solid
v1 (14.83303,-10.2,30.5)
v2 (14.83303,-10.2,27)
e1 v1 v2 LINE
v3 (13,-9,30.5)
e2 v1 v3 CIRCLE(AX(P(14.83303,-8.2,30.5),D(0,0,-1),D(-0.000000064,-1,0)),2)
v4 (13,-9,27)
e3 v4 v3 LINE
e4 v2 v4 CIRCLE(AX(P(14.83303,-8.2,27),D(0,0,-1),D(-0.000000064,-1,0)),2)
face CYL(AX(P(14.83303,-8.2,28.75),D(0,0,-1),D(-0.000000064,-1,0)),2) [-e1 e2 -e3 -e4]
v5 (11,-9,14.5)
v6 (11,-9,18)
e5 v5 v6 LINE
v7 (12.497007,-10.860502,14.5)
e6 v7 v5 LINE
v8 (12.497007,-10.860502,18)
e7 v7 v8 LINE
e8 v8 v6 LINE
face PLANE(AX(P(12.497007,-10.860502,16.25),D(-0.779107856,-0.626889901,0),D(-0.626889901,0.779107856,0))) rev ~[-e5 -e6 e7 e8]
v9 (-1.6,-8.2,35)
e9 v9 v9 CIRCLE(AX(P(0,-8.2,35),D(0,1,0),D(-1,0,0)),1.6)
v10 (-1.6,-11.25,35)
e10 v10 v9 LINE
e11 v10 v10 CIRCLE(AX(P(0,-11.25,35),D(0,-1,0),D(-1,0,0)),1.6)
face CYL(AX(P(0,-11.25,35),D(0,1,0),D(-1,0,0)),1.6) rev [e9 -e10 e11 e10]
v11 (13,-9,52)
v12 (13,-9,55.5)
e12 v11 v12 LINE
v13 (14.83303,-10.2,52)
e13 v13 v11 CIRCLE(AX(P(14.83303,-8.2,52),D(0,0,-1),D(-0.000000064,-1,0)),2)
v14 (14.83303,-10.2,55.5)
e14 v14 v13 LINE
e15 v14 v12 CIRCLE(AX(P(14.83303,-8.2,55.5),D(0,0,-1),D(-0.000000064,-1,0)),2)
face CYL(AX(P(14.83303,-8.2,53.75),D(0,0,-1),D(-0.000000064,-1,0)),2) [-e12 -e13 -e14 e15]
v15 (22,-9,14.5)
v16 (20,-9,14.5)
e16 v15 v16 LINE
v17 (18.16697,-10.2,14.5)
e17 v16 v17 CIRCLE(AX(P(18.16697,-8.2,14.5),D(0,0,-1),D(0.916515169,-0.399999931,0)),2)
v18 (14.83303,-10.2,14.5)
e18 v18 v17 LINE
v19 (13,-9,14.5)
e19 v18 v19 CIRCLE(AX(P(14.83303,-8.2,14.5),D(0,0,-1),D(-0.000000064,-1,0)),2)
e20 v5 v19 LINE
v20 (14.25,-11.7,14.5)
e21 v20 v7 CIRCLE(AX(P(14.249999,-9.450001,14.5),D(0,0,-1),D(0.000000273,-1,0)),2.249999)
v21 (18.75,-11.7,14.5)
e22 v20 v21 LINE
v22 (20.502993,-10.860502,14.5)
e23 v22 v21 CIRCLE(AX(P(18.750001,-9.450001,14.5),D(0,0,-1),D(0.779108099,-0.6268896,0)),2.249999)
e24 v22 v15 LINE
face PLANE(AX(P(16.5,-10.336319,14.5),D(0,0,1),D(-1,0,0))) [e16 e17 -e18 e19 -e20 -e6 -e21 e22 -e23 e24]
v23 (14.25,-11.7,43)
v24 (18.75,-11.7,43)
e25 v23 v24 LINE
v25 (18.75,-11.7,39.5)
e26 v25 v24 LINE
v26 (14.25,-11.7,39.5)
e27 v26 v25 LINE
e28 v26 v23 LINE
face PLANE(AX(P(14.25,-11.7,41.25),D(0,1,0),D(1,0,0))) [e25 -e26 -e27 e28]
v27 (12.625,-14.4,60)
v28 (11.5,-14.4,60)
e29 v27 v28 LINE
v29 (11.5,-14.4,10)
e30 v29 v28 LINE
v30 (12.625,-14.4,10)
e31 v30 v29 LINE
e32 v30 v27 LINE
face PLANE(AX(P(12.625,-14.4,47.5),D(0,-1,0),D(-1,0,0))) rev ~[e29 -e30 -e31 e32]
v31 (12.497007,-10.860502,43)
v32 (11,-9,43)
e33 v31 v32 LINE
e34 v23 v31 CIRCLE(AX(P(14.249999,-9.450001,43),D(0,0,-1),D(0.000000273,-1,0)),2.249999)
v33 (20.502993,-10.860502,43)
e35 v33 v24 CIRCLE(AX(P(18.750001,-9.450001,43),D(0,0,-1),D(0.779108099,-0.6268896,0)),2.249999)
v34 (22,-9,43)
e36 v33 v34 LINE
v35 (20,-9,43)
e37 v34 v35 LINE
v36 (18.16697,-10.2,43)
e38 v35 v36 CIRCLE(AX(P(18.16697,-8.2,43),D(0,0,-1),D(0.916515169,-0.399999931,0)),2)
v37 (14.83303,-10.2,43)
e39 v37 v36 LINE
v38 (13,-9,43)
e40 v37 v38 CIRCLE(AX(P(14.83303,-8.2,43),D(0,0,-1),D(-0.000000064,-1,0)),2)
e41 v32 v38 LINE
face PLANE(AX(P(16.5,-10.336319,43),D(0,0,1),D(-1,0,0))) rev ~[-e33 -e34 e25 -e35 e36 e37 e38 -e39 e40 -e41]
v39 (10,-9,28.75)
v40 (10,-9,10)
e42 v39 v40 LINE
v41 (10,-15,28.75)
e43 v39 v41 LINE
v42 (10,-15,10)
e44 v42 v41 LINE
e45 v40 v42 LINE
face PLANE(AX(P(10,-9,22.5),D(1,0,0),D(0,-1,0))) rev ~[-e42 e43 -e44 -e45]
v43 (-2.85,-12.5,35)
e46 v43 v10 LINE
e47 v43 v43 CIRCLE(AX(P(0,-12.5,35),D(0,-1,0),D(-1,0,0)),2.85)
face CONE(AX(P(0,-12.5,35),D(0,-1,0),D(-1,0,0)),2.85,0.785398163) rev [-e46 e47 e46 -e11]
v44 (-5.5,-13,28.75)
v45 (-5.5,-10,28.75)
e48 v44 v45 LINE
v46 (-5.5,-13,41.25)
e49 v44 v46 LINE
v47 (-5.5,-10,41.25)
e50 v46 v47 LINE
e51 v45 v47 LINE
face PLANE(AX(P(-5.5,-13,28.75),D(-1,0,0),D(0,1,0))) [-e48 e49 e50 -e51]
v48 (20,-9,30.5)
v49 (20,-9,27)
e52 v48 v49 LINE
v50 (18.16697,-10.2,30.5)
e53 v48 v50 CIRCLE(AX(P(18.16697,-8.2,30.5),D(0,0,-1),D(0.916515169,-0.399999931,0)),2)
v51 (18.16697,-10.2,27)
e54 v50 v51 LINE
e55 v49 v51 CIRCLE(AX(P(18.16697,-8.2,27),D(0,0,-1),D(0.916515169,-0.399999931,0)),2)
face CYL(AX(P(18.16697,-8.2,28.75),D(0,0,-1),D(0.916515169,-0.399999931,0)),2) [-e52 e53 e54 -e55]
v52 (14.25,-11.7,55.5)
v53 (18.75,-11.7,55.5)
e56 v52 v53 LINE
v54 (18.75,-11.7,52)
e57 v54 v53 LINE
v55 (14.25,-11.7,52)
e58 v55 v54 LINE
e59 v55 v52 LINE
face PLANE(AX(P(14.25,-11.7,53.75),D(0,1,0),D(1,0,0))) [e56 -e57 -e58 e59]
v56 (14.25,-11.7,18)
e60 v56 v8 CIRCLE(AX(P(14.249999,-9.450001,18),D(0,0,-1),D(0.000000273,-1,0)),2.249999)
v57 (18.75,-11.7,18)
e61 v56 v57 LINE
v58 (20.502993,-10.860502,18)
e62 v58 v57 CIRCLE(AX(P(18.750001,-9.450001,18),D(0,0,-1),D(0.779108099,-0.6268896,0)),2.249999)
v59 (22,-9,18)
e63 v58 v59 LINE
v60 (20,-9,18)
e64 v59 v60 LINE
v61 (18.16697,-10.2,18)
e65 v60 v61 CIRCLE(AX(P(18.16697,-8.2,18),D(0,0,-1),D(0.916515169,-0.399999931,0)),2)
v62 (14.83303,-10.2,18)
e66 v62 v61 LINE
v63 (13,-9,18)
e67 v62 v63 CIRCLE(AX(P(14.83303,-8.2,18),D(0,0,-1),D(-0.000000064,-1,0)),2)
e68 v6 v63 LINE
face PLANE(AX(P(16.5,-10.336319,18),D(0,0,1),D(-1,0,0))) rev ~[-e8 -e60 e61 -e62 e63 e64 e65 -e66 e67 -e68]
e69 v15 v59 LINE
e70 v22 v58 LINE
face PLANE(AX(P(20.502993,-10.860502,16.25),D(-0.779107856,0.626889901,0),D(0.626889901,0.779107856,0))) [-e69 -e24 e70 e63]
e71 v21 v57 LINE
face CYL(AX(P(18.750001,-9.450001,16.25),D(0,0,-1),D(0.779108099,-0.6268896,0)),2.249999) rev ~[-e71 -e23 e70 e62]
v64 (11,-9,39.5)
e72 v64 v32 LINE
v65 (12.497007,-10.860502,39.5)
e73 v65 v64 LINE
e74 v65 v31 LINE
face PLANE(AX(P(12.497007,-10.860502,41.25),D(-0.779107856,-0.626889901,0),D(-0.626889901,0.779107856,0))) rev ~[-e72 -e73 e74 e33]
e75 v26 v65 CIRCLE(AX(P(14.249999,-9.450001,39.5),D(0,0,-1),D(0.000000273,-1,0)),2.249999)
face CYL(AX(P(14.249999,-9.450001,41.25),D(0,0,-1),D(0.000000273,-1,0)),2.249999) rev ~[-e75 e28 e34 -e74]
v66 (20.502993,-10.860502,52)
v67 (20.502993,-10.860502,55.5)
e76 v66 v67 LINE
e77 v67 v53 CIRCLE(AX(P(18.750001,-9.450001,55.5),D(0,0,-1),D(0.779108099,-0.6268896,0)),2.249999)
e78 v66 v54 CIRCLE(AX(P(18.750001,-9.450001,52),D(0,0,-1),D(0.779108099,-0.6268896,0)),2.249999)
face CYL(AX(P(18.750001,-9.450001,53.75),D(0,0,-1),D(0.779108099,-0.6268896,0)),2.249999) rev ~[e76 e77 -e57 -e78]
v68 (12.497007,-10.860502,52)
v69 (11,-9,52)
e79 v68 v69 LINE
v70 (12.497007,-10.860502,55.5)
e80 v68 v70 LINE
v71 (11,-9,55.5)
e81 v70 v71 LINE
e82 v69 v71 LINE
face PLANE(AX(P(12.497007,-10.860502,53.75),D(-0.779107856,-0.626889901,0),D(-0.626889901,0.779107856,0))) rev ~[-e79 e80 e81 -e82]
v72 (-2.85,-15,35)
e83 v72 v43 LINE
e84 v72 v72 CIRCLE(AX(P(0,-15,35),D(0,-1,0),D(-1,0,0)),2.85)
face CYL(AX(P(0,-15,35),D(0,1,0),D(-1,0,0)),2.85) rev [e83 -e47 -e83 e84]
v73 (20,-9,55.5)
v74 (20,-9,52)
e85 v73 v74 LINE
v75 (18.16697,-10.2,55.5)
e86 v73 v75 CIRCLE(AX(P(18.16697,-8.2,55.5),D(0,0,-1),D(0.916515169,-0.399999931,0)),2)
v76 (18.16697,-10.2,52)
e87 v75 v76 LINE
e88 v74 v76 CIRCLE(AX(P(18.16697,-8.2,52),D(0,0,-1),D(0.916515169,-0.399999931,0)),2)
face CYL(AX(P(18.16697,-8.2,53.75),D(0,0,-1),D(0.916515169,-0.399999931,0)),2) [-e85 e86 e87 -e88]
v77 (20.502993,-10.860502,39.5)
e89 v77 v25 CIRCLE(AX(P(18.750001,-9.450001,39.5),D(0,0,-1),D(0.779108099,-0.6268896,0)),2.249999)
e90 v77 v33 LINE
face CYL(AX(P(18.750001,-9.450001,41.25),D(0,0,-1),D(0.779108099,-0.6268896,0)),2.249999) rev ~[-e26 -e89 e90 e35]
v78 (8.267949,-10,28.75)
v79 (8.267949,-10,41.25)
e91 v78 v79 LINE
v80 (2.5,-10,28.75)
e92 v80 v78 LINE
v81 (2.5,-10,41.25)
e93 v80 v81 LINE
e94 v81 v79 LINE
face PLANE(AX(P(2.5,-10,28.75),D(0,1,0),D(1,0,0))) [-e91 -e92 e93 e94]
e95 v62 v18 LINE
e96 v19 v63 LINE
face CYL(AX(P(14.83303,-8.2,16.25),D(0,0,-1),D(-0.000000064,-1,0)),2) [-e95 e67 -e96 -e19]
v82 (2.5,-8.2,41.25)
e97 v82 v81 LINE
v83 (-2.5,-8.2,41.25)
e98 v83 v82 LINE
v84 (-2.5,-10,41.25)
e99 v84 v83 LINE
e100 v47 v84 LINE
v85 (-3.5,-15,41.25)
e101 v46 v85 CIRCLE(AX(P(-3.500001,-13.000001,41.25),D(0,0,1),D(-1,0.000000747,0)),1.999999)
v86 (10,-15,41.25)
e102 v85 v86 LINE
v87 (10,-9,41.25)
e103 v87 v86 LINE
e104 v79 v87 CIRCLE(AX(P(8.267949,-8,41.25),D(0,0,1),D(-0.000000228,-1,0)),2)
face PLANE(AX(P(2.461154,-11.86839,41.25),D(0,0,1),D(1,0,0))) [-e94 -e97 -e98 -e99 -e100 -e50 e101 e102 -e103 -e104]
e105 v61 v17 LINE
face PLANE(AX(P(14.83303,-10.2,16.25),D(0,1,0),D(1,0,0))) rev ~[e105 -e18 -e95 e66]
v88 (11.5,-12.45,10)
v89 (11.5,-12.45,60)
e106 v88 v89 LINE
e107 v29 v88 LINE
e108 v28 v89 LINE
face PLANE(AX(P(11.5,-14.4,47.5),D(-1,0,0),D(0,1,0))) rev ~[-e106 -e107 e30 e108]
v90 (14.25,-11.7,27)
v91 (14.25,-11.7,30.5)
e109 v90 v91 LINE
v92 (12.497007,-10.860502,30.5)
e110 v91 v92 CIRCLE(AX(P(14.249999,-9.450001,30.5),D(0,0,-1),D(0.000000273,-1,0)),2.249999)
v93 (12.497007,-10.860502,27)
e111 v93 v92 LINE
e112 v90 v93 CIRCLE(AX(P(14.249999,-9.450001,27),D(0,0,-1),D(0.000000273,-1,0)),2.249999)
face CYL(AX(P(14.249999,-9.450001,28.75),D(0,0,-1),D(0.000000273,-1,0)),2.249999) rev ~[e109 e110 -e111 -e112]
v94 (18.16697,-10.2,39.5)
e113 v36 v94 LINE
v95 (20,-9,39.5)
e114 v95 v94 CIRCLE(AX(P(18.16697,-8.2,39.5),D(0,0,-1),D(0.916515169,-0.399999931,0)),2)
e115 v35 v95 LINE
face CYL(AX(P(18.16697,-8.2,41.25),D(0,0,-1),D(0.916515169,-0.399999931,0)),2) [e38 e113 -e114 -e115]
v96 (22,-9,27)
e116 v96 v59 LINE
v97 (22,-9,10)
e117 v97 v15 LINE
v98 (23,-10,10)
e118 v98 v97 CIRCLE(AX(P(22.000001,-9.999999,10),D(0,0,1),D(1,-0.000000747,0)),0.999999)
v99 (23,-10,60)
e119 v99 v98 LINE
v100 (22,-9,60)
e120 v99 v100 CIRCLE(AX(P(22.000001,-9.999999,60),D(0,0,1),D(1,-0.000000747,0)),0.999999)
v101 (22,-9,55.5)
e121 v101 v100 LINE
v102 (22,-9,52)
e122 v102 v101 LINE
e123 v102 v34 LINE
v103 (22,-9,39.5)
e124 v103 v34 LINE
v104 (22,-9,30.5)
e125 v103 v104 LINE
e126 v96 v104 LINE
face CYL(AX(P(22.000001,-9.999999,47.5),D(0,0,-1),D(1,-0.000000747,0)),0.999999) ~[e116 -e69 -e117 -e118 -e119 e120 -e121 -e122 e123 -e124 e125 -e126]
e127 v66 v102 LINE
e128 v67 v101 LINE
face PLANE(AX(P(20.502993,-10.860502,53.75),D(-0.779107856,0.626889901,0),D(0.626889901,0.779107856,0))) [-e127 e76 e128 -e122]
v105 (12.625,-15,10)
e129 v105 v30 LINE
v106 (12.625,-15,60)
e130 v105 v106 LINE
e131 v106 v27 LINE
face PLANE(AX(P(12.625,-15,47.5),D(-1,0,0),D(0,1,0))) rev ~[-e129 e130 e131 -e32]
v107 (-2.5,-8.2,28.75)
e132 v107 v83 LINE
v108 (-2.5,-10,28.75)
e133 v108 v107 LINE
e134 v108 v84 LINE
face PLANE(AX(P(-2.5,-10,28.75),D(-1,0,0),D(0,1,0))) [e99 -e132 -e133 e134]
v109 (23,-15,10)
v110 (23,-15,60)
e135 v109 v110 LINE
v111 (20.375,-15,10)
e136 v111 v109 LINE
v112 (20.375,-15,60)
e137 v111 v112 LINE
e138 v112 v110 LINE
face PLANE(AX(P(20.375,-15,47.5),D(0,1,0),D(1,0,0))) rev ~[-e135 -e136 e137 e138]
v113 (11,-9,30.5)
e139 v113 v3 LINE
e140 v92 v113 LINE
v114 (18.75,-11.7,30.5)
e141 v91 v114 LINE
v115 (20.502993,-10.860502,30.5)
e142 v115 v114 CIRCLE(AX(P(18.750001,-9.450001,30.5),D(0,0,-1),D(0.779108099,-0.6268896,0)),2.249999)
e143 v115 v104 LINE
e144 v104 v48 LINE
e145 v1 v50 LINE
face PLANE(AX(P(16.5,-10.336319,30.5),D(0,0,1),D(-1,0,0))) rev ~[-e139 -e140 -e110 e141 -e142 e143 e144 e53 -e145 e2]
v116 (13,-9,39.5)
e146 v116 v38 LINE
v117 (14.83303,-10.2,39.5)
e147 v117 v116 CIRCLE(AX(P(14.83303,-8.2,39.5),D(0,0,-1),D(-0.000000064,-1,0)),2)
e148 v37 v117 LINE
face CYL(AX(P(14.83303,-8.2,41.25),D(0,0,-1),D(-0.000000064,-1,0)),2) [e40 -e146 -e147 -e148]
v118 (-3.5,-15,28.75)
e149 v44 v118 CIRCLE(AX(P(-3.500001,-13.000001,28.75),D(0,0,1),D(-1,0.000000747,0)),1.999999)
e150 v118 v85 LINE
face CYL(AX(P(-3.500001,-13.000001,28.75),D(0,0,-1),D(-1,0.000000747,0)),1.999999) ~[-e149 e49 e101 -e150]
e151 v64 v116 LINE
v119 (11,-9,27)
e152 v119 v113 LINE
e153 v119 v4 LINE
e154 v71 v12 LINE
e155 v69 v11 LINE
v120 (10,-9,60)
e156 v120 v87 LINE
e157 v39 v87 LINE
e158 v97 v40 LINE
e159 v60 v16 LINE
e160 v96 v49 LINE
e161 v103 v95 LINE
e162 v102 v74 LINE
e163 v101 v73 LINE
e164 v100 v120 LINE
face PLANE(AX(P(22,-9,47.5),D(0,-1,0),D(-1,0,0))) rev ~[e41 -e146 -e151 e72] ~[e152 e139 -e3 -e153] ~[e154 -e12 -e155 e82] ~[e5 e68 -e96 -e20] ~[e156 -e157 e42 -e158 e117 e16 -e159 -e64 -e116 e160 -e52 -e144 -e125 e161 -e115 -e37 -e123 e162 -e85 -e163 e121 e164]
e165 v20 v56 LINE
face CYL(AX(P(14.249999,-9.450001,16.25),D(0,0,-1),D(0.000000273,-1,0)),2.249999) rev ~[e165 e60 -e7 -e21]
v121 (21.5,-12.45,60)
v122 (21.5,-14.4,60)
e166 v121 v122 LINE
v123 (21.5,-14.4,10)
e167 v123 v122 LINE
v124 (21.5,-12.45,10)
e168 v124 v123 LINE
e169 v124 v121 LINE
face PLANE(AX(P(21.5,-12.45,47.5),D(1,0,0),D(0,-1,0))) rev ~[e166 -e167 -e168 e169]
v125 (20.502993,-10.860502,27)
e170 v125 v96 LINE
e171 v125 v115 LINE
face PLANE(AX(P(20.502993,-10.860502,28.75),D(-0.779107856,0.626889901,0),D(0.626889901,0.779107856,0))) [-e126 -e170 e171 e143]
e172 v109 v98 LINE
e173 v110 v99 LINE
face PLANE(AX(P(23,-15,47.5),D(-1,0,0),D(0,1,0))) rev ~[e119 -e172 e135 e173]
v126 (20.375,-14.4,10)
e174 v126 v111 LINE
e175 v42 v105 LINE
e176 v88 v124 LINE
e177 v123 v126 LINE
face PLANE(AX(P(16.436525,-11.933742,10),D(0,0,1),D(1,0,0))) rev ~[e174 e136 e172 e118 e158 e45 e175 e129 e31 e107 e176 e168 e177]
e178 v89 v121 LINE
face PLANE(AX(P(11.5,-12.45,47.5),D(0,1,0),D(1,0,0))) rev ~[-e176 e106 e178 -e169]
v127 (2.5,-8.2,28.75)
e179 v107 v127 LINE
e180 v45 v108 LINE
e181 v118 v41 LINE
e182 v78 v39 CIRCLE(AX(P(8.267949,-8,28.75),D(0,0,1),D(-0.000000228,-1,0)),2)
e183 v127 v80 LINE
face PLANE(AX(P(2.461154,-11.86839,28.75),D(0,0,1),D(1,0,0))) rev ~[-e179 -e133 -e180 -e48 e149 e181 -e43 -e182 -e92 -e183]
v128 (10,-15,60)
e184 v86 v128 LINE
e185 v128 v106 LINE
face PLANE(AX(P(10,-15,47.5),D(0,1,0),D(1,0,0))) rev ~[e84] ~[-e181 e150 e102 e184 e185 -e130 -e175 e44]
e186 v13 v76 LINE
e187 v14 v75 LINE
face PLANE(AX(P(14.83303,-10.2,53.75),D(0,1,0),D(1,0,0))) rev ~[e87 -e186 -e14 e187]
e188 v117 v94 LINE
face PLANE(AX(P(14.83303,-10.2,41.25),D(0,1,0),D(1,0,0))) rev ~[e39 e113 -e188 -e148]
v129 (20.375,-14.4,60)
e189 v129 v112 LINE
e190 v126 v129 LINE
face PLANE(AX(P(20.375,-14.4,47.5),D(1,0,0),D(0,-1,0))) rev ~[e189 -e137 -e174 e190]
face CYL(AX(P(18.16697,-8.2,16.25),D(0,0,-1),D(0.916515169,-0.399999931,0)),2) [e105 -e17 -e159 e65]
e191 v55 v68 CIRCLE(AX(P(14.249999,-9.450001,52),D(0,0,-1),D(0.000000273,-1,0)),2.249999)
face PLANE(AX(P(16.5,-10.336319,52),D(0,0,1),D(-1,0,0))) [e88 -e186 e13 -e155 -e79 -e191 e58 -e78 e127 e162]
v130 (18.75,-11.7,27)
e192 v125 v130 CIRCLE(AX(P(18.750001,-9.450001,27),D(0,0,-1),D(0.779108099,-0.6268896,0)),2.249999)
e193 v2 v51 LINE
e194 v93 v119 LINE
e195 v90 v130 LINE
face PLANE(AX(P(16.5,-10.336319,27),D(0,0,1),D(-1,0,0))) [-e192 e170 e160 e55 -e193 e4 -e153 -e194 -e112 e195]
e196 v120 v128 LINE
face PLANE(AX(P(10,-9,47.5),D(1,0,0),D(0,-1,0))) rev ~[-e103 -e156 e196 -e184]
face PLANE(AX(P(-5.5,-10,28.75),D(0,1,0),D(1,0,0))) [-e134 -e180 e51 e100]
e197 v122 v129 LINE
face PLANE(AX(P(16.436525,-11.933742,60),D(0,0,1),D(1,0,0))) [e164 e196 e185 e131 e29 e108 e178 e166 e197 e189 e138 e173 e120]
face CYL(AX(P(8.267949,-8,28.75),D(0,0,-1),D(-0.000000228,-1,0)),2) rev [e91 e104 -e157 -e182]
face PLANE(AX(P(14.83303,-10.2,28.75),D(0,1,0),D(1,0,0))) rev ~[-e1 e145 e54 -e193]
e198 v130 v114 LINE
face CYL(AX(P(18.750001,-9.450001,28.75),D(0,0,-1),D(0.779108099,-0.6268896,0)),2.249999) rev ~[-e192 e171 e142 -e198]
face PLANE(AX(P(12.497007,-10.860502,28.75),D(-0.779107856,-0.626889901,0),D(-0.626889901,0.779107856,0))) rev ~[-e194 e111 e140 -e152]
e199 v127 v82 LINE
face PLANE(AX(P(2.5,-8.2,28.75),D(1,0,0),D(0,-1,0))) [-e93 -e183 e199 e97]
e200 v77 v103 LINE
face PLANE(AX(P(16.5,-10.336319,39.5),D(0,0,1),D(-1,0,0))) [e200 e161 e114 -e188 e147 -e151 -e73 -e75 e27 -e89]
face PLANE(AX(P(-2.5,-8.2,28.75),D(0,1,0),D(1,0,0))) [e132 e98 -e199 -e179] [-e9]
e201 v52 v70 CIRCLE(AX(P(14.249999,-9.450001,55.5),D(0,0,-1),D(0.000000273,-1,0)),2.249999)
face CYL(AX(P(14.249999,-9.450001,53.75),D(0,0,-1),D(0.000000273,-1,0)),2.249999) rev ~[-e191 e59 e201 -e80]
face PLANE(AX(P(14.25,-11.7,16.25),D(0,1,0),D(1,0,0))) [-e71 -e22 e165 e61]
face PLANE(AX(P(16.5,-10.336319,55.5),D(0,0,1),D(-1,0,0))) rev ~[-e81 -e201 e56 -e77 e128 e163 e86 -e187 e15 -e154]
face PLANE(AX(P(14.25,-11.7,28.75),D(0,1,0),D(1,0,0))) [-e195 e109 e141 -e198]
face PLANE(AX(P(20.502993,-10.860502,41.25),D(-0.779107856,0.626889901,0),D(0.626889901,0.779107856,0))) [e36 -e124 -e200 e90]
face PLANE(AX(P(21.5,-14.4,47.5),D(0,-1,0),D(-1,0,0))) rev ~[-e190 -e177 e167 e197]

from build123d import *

# Parameters (mm, degrees)
PAD009_DEPTH    = 12.5
POCKET001_DEPTH = 1.75
PAD013_DEPTH    = 12.5


with BuildPart() as f_12_5mm_segment:
    # Sketch015 → Pad009 (new body)
    with BuildSketch(Plane.XY):
        with BuildLine():
            Line((10, -9), (10, -15))
            Line((10, -15), (12.625, -15))
            Line((12.625, -15), (12.625, -14.4))
            Line((12.625, -14.4), (11.5, -14.4))
            Line((11.5, -14.4), (11.5, -12.45))
            Line((11.5, -12.45), (21.5, -12.45))
            Line((21.5, -12.45), (21.5, -14.4))
            Line((21.5, -14.4), (20.375, -14.4))
            Line((20.375, -14.4), (20.375, -15))
            Line((20.375, -15), (23, -15))
            Line((23, -15), (23, -10))
            ThreePointArc((23, -10), (22.707107, -9.292893), (22, -9))
            Line((22, -9), (10, -9))
        make_face()
    extrude(amount=PAD009_DEPTH)

    # Sketch016 → Pocket001 (cut, symmetric)
    with BuildSketch(Plane(origin=(0, 0, 6.25), x_dir=(1, 0, 0), z_dir=(0, 0, -1))):
        with BuildLine():
            ThreePointArc((14.83303, 10.2), (13.737585, 9.87332), (13, 9))
            Line((11, 9), (13, 9))
            Line((12.497007, 10.860502), (11, 9))
            ThreePointArc((14.25, 11.7), (13.27818, 11.479302), (12.497007, 10.860502))
            Line((14.25, 11.7), (18.75, 11.7))
            ThreePointArc((20.502993, 10.860502), (19.72182, 11.479302), (18.75, 11.7))
            Line((20.502993, 10.860502), (22, 9))
            Line((22, 9), (20, 9))
            ThreePointArc((20, 9), (19.262415, 9.87332), (18.16697, 10.2))
            Line((14.83303, 10.2), (18.16697, 10.2))
        make_face()
    extrude(amount=POCKET001_DEPTH, both=True, mode=Mode.SUBTRACT)


with BuildPart() as sf_seg1:
    # Body019 base: copy of 12.5mm-Segment
    add(f_12_5mm_segment.part)


with BuildPart() as sf_seg2:
    # Body022 base: copy of SF-Seg1
    add(sf_seg1.part)


with BuildPart() as sf_seg2_1:
    # Body022 placement: moved
    add(sf_seg2.part.moved(Location((0, 0, 12.5))))


with BuildPart() as sf_seg3:
    # Body012004 base: copy of 12.5mm-Segment
    add(f_12_5mm_segment.part)


with BuildPart() as sf_seg3_1:
    # Body012004 placement: moved
    add(sf_seg3.part.moved(Location((0, 0, 25))))


with BuildPart() as sf_seg4:
    # Body012005 base: copy of 12.5mm-Segment
    add(f_12_5mm_segment.part)


with BuildPart() as sf_seg4_1:
    # Body012005 placement: moved
    add(sf_seg4.part.moved(Location((0, 0, 37.5))))


with BuildPart() as f_50mm_screwfix:
    # Sketch027 → Pad013 (new body)
    with BuildSketch(Plane.XY):
        with BuildLine():
            Line((-3.5, -15), (10, -15))
            Line((10, -9), (10, -15))
            ThreePointArc((8.267949, -10), (9.267949, -9.732051), (10, -9))
            Line((2.5, -10), (8.267949, -10))
            Line((2.5, -8.2), (2.5, -10))
            Line((-2.5, -8.2), (2.5, -8.2))
            Line((-2.5, -10), (-2.5, -8.2))
            Line((-5.5, -10), (-2.5, -10))
            Line((-5.5, -13), (-5.5, -10))
            ThreePointArc((-5.5, -13), (-4.914214, -14.414214), (-3.5, -15))
        make_face()
    extrude(amount=PAD013_DEPTH)

    # Sketch028 → Groove (revolve, cut)
    with BuildSketch(Plane(origin=(0, -11, 6.25), x_dir=(-1, 0, 0), z_dir=(0, 0, 1))):
        Polygon((0, 4), (2.85, 4), (2.85, 1.5), (1.6, 0.25), (1.6, -7.75), (0, -7.75), align=None)
    revolve(axis=Axis((0, -11, 6.25), (0, -1, 0)), mode=Mode.SUBTRACT)


with BuildPart() as f_50mm_screwfix_1:
    # Body018 placement: moved
    add(f_50mm_screwfix.part.moved(Location((0, 0, 18.75))))

    # Fusion: union SF-Seg1, SF-Seg2, SF-Seg3, SF-Seg4
    add(sf_seg1.part)
    add(sf_seg2_1.part)
    add(sf_seg3_1.part)
    add(sf_seg4_1.part)


with BuildPart() as f_50mm_screwfix_2:
    # Fusion placement: moved
    add(f_50mm_screwfix_1.part.moved(Location((0, 0, 10))))


solid = f_50mm_screwfix_2.part
